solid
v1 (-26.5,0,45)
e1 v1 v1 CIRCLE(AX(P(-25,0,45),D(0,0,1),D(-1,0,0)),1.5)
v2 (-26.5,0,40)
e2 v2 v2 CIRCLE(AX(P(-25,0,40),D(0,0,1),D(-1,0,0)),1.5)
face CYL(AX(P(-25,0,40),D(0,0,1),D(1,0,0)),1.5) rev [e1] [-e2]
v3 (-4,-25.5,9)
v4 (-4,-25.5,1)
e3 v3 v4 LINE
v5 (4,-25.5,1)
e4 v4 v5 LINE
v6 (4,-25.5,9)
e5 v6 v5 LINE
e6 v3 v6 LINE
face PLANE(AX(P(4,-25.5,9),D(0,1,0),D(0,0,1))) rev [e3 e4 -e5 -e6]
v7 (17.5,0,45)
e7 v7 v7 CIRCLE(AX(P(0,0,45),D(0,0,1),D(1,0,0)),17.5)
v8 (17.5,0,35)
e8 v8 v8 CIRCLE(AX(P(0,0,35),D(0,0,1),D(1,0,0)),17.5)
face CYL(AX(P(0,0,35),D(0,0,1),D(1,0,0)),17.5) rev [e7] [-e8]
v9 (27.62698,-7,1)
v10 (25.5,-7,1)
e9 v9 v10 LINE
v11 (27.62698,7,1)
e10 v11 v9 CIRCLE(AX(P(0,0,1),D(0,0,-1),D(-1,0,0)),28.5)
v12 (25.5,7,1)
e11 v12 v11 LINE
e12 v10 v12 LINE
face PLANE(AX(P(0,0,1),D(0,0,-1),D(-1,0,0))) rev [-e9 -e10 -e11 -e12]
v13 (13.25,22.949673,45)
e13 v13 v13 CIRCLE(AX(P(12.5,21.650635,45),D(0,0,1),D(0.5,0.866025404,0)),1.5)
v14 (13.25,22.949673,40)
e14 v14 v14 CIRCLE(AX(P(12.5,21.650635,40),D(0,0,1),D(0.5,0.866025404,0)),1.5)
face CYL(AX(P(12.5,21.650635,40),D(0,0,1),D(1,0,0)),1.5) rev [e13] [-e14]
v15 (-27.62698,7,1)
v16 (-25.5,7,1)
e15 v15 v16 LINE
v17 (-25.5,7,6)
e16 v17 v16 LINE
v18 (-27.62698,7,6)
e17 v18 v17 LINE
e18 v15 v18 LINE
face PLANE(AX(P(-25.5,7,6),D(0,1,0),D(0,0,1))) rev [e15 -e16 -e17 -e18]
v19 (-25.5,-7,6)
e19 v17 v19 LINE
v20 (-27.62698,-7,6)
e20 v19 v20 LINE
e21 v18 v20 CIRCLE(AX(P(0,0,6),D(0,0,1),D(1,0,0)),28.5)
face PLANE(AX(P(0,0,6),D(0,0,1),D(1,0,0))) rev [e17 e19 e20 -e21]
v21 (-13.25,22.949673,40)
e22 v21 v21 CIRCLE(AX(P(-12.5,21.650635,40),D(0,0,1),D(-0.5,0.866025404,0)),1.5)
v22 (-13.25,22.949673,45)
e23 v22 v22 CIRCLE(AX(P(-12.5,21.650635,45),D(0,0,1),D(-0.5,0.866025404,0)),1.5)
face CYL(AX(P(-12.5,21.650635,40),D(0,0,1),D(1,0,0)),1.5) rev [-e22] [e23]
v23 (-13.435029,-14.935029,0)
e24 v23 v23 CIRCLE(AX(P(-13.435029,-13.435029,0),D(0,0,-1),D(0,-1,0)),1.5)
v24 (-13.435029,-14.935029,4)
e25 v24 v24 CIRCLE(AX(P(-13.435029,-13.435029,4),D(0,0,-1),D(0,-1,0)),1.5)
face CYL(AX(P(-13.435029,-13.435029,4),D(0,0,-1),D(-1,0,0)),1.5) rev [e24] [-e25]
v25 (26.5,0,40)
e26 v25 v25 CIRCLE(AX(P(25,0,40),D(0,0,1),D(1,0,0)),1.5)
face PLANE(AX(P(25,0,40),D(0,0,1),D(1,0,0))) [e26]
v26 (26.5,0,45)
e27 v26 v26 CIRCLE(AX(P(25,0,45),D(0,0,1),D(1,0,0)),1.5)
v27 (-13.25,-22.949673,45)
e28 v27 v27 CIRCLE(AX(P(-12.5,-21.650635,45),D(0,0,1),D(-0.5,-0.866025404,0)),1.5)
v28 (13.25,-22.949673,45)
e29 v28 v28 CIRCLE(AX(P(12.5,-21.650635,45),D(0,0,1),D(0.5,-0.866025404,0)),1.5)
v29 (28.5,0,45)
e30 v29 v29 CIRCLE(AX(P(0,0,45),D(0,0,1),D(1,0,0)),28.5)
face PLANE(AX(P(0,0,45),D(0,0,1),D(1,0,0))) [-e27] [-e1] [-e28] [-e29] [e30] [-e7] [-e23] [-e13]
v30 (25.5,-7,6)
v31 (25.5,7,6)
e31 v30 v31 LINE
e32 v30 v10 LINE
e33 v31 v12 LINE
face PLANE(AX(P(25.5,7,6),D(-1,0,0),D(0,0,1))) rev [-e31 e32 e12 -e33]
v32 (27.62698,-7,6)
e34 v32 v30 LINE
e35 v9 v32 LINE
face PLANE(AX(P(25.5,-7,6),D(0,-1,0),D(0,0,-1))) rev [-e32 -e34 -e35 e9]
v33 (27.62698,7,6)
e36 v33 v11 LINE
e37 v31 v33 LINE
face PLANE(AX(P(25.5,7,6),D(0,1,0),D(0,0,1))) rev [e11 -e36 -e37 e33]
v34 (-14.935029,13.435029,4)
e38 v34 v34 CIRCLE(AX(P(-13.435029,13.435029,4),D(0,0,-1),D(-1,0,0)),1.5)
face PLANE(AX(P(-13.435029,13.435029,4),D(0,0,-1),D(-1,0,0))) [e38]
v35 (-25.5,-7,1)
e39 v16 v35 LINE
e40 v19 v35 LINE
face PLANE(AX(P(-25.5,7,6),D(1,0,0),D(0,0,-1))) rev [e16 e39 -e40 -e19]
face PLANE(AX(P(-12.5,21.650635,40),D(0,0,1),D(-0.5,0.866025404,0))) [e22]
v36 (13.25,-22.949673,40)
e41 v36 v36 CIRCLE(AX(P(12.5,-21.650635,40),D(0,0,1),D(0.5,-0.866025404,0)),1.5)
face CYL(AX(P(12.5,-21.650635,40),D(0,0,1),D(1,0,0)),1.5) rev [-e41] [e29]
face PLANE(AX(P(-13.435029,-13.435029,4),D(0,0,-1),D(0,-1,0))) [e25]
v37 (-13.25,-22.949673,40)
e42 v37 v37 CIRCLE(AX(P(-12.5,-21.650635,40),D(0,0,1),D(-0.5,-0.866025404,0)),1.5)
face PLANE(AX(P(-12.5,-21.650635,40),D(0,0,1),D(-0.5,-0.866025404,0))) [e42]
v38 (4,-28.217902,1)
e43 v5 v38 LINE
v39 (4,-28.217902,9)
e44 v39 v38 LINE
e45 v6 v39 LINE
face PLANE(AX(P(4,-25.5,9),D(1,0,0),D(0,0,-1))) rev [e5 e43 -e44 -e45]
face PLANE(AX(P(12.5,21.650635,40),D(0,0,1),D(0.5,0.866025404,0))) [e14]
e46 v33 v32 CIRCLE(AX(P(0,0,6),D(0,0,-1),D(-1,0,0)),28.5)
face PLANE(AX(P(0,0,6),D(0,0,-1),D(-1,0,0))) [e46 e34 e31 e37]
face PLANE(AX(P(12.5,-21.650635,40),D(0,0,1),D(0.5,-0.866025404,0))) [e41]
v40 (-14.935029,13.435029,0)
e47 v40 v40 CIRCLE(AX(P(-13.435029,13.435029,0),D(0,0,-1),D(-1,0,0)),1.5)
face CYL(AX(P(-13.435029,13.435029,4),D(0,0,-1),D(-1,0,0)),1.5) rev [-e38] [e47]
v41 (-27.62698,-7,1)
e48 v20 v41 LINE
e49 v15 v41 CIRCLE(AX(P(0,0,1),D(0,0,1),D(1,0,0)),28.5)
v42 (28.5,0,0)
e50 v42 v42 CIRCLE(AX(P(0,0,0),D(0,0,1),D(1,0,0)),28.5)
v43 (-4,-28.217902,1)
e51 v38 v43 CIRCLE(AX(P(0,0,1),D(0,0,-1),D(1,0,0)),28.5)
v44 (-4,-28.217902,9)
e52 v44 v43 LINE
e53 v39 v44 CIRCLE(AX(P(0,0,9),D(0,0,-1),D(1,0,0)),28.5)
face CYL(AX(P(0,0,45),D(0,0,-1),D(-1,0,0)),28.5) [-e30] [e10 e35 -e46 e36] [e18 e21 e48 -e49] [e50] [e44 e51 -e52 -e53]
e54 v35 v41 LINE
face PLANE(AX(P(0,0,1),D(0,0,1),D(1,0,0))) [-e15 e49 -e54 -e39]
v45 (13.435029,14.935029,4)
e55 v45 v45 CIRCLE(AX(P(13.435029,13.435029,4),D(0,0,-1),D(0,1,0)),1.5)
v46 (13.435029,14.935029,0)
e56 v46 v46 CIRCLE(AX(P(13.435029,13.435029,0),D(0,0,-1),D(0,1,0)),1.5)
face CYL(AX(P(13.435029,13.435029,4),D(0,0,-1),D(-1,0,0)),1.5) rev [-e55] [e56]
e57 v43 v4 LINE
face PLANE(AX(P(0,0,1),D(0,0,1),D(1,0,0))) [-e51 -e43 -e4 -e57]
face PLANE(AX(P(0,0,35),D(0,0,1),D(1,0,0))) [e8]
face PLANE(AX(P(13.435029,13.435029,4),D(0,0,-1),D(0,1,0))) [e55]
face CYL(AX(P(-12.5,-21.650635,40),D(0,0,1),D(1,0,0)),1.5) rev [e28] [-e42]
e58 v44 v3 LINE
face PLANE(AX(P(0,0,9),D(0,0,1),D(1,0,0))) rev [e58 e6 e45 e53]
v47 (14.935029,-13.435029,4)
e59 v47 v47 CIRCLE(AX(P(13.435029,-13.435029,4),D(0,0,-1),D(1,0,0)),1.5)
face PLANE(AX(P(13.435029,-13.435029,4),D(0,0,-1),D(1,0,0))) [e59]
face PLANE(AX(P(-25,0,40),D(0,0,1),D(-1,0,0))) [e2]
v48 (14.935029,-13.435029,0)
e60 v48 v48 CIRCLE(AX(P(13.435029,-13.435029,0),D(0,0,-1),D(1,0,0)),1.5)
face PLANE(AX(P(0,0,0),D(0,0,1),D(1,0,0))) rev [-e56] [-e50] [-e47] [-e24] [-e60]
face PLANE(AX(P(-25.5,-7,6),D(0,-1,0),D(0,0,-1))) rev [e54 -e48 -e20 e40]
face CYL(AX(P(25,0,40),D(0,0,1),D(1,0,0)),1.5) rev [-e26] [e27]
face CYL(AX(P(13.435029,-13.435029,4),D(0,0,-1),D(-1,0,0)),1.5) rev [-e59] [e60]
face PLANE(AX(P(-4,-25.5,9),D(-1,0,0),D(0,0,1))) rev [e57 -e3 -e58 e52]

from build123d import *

# Parameters (mm, degrees)
SKETCH_1_R               = 28.5
EXTRUDE_1_DEPTH          = 45
SKETCH_2_R               = 1.5
CUT_EXTRUDE_1_DEPTH      = 5
PATTERN_CIRCULAR_1_COUNT = 6
SKETCH_3_R               = 17.5
CUT_EXTRUDE_2_DEPTH      = 10
CUT_EXTRUDE_START        = -1
CUT_EXTRUDE_3_DEPTH      = 5
CUT_EXTRUDE_4_DEPTH      = 8
SKETCH_6_R               = 1.5
CUT_EXTRUDE_5_DEPTH      = 4
PATTERN_CIRCULAR_2_COUNT = 4


with BuildPart() as part:
    # 草图1 → 凸台-拉伸1 (new body)
    with BuildSketch(Plane.XY):
        with Locations(Location((0, 0, 0), (0, 0, 180))):
            Circle(SKETCH_1_R)
    extrude(amount=EXTRUDE_1_DEPTH)

    # 草图2 → 切除-拉伸1 (cut)
    with BuildSketch(Plane.XY.offset(45)):
        with Locations((25, 0)):
            Circle(SKETCH_2_R)
    cut_extrude_1 = extrude(amount=-CUT_EXTRUDE_1_DEPTH, mode=Mode.SUBTRACT)

    # 阵列(圆周)1: 切除-拉伸1 ×6 about axis
    pattern_circular_1_axis = Axis((0, 0, 0), (0, 0, 1))
    for i in range(1, PATTERN_CIRCULAR_1_COUNT):
        add(cut_extrude_1.rotate(pattern_circular_1_axis, i * 360 / PATTERN_CIRCULAR_1_COUNT), mode=Mode.SUBTRACT)

    # 草图3 → 切除-拉伸2 (cut)
    with BuildSketch(Plane.XY.offset(45)):
        Circle(SKETCH_3_R)
    extrude(amount=-CUT_EXTRUDE_2_DEPTH, mode=Mode.SUBTRACT)

    # 草图4 → 切除-拉伸3 (cut)
    with BuildSketch(Plane(origin=(0, 0, 0), x_dir=(-1, 0, 0), z_dir=(0, 0, -1)).offset(CUT_EXTRUDE_START)):
        with BuildLine():
            Line((-25.5, -7), (-27.689719766, -7))
            ThreePointArc((-27.689719766, -7), (-28.56082248, 0), (-27.689719766, 7))
            Line((-27.689719766, 7), (-25.5, 7))
            Line((-25.5, 7), (-25.5, -7))
        make_face()
        with BuildLine():
            Line((25.5, 7), (27.689719766, 7))
            ThreePointArc((27.689719766, 7), (28.56082248, 0), (27.689719766, -7))
            Line((27.689719766, -7), (25.5, -7))
            Line((25.5, -7), (25.5, 7))
        make_face()
    extrude(amount=-CUT_EXTRUDE_3_DEPTH, mode=Mode.SUBTRACT)

    # 草图5 → 切除-拉伸4 (cut)
    with BuildSketch(Plane(origin=(0, 0, 0), x_dir=(-1, 0, 0), z_dir=(0, 0, -1)).offset(CUT_EXTRUDE_START)):
        with BuildLine():
            Line((-4, -25.5), (4, -25.5))
            Line((4, -25.5), (4, -28.217902119))
            ThreePointArc((4, -28.217902119), (0, -28.5), (-4, -28.217902119))
            Line((-4, -28.217902119), (-4, -25.5))
        make_face()
    extrude(amount=-CUT_EXTRUDE_4_DEPTH, mode=Mode.SUBTRACT)

    # 草图6 → 切除-拉伸5 (cut)
    with BuildSketch(Plane(origin=(0, 0, 0), x_dir=(-1, 0, 0), z_dir=(0, 0, -1))):
        with Locations((13.435028843, 13.435028843)):
            Circle(SKETCH_6_R)
    cut_extrude_5 = extrude(amount=-CUT_EXTRUDE_5_DEPTH, mode=Mode.SUBTRACT)

    # 阵列(圆周)2: 切除-拉伸5 ×4 about axis
    pattern_circular_2_axis = Axis((0, 0, 0), (0, 0, 1))
    for i in range(1, PATTERN_CIRCULAR_2_COUNT):
        add(cut_extrude_5.rotate(pattern_circular_2_axis, i * 360 / PATTERN_CIRCULAR_2_COUNT), mode=Mode.SUBTRACT)


solid = part.part
